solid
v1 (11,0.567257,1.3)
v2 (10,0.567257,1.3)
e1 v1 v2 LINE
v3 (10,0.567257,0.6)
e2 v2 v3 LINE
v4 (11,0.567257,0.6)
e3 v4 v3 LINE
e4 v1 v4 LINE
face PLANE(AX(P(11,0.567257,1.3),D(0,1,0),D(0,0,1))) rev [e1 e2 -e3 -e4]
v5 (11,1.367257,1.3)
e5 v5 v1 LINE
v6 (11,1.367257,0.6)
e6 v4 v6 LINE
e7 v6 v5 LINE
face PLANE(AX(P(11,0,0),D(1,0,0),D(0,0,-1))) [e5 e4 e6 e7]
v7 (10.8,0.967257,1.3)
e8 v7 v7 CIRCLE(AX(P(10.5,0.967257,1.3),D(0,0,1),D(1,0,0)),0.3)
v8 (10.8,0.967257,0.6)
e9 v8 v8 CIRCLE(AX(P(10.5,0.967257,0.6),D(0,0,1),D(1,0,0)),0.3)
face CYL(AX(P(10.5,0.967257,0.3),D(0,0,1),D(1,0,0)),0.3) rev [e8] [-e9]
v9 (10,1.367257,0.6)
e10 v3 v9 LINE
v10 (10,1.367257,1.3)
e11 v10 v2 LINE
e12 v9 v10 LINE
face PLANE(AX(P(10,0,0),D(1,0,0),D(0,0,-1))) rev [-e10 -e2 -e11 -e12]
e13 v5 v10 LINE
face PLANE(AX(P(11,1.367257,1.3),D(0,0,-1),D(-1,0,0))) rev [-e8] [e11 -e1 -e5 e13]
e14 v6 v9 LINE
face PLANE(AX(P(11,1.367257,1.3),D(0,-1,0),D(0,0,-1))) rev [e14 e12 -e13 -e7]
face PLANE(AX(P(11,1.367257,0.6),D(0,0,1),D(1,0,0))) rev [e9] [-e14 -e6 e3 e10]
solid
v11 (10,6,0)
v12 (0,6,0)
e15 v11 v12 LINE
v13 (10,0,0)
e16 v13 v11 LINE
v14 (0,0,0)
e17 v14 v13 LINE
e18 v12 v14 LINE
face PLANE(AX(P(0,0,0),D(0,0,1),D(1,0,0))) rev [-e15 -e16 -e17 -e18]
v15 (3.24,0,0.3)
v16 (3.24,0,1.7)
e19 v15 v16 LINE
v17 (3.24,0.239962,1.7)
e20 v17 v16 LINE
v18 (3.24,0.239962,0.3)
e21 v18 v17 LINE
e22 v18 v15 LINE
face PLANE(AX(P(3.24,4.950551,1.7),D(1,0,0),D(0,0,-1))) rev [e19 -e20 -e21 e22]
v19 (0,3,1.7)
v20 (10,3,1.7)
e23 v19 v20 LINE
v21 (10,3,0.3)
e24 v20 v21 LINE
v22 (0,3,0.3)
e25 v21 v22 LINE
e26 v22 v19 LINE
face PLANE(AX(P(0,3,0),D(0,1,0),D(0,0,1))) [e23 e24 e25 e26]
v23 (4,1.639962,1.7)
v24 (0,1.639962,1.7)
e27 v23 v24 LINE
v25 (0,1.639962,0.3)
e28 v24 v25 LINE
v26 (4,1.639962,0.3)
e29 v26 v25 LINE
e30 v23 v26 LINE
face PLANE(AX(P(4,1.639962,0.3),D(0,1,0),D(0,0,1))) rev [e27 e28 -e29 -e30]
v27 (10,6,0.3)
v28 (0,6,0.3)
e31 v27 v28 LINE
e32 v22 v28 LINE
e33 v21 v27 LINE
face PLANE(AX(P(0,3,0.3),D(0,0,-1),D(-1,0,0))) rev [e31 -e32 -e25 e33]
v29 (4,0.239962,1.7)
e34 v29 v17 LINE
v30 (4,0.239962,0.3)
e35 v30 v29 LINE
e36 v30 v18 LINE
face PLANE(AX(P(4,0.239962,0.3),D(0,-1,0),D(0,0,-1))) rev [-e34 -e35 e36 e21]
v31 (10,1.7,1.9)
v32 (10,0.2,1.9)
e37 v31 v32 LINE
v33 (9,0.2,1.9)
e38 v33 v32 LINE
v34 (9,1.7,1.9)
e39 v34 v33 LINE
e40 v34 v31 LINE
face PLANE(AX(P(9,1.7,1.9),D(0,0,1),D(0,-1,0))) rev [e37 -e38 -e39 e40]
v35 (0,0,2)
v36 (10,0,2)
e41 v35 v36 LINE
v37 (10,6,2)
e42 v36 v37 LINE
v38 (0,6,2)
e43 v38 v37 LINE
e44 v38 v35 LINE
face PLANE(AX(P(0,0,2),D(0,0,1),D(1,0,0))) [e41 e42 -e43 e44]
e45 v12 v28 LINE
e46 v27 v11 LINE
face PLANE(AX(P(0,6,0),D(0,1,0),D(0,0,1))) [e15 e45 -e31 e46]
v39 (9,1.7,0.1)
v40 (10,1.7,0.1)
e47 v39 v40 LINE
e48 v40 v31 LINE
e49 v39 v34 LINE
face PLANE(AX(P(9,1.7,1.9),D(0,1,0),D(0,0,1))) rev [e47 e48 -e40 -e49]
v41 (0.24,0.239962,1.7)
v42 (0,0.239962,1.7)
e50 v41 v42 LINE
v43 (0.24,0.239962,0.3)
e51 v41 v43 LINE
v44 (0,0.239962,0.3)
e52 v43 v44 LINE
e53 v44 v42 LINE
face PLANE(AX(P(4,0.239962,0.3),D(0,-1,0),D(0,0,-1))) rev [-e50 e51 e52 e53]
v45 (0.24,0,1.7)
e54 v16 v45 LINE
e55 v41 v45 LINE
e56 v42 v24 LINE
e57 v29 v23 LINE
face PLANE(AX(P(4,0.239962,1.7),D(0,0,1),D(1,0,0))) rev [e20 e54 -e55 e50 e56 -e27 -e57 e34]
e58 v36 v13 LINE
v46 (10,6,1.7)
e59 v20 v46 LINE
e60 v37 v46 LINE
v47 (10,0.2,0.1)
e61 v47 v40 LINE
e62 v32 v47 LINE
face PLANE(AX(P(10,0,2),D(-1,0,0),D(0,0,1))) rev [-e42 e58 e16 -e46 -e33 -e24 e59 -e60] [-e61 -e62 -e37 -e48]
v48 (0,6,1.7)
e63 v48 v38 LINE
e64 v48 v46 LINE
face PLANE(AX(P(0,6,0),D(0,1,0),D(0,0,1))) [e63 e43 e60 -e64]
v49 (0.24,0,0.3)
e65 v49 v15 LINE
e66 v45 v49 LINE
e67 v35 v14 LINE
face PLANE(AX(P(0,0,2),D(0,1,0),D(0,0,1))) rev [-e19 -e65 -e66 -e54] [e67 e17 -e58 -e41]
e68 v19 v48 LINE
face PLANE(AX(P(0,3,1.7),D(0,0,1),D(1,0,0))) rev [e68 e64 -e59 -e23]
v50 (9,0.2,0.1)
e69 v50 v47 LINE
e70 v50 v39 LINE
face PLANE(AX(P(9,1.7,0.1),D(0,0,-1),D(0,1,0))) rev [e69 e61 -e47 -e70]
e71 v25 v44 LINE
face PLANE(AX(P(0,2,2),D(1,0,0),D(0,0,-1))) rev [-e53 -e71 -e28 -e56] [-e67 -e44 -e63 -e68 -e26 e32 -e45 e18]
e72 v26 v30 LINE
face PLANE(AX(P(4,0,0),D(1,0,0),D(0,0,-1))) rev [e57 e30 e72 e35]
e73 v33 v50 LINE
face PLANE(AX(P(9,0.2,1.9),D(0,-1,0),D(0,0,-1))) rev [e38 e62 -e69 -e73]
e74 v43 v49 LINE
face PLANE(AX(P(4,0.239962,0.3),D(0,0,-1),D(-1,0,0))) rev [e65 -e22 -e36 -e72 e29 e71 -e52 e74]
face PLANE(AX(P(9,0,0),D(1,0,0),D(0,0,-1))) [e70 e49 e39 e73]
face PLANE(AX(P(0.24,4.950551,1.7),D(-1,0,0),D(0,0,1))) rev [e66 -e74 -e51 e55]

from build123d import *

# Parameters (mm, degrees)
SKETCH2_W            = 10
SKETCH2_H            = 2
BOSS_EXTRUDE6_DEPTH  = 2
SKETCH7_W            = 0.7
SKETCH7_H            = 0.8
BOSS_EXTRUDE9_DEPTH  = 1
SKETCH8_R            = 0.3
CUT_EXTRUDE1_DEPTH   = 1
SKETCH12_W           = 10
SKETCH12_H           = 2
BOSS_EXTRUDE13_DEPTH = 4
SKETCH13_W           = 1.8
SKETCH13_H           = 1.5
CUT_EXTRUDE5_DEPTH   = 1
SKETCH14_W           = 10
SKETCH14_H           = 1.4
CUT_EXTRUDE7_DEPTH   = 3
SKETCH15_W           = 1.4
SKETCH15_H           = 1.4
CUT_EXTRUDE9_DEPTH   = 4
SKETCH16_W           = 3
SKETCH16_H           = 1.4
CUT_EXTRUDE10_DEPTH  = 1.639962


with BuildPart() as part:
    # Sketch2 → Boss-Extrude6 (new body)
    with BuildSketch(Plane.XY):
        with Locations((5, 1)):
            Rectangle(SKETCH2_W, SKETCH2_H)
    extrude(amount=BOSS_EXTRUDE6_DEPTH)

    # Sketch7 → Boss-Extrude9 (add)
    with BuildSketch(Plane(origin=(10, 0, 0), x_dir=(0, 0, -1), z_dir=(1, 0, 0))):
        with Locations((-0.95, 0.967257018)):
            Rectangle(SKETCH7_W, SKETCH7_H)
    extrude(amount=BOSS_EXTRUDE9_DEPTH)

    # Sketch8 → Cut-Extrude1 (cut)
    with BuildSketch(Plane.XY.offset(1.3)):
        with Locations((10.5, 0.967257018)):
            Circle(SKETCH8_R)
    extrude(amount=-CUT_EXTRUDE1_DEPTH, mode=Mode.SUBTRACT)

    # Sketch12 → Boss-Extrude13 (add)
    with BuildSketch(Plane(origin=(0, 2, 0), x_dir=(1, 0, 0), z_dir=(0, 1, 0))):
        with Locations((5, -1)):
            Rectangle(SKETCH12_W, SKETCH12_H)
    extrude(amount=BOSS_EXTRUDE13_DEPTH)

    # Sketch13 → Cut-Extrude5 (cut)
    with BuildSketch(Plane(origin=(10, 0, 0), x_dir=(0, 0, -1), z_dir=(1, 0, 0))):
        with Locations((-1, 0.95)):
            Rectangle(SKETCH13_W, SKETCH13_H)
    extrude(amount=-CUT_EXTRUDE5_DEPTH, mode=Mode.SUBTRACT)

    # Sketch14 → Cut-Extrude7 (cut)
    with BuildSketch(Plane(origin=(0, 6, 0), x_dir=(1, 0, 0), z_dir=(0, 1, 0))):
        with Locations((5, -1)):
            Rectangle(SKETCH14_W, SKETCH14_H)
    extrude(amount=-CUT_EXTRUDE7_DEPTH, mode=Mode.SUBTRACT)

    # Sketch15 → Cut-Extrude9 (cut)
    with BuildSketch(Plane.ZY):
        with Locations((1, 0.939962181)):
            Rectangle(SKETCH15_W, SKETCH15_H)
    extrude(amount=-CUT_EXTRUDE9_DEPTH, mode=Mode.SUBTRACT)

    # Sketch16 → Cut-Extrude10 (cut)
    with BuildSketch(Plane.XZ):
        with Locations((1.74, 1)):
            Rectangle(SKETCH16_W, SKETCH16_H)
    extrude(amount=-CUT_EXTRUDE10_DEPTH, mode=Mode.SUBTRACT)


solid = part.part
